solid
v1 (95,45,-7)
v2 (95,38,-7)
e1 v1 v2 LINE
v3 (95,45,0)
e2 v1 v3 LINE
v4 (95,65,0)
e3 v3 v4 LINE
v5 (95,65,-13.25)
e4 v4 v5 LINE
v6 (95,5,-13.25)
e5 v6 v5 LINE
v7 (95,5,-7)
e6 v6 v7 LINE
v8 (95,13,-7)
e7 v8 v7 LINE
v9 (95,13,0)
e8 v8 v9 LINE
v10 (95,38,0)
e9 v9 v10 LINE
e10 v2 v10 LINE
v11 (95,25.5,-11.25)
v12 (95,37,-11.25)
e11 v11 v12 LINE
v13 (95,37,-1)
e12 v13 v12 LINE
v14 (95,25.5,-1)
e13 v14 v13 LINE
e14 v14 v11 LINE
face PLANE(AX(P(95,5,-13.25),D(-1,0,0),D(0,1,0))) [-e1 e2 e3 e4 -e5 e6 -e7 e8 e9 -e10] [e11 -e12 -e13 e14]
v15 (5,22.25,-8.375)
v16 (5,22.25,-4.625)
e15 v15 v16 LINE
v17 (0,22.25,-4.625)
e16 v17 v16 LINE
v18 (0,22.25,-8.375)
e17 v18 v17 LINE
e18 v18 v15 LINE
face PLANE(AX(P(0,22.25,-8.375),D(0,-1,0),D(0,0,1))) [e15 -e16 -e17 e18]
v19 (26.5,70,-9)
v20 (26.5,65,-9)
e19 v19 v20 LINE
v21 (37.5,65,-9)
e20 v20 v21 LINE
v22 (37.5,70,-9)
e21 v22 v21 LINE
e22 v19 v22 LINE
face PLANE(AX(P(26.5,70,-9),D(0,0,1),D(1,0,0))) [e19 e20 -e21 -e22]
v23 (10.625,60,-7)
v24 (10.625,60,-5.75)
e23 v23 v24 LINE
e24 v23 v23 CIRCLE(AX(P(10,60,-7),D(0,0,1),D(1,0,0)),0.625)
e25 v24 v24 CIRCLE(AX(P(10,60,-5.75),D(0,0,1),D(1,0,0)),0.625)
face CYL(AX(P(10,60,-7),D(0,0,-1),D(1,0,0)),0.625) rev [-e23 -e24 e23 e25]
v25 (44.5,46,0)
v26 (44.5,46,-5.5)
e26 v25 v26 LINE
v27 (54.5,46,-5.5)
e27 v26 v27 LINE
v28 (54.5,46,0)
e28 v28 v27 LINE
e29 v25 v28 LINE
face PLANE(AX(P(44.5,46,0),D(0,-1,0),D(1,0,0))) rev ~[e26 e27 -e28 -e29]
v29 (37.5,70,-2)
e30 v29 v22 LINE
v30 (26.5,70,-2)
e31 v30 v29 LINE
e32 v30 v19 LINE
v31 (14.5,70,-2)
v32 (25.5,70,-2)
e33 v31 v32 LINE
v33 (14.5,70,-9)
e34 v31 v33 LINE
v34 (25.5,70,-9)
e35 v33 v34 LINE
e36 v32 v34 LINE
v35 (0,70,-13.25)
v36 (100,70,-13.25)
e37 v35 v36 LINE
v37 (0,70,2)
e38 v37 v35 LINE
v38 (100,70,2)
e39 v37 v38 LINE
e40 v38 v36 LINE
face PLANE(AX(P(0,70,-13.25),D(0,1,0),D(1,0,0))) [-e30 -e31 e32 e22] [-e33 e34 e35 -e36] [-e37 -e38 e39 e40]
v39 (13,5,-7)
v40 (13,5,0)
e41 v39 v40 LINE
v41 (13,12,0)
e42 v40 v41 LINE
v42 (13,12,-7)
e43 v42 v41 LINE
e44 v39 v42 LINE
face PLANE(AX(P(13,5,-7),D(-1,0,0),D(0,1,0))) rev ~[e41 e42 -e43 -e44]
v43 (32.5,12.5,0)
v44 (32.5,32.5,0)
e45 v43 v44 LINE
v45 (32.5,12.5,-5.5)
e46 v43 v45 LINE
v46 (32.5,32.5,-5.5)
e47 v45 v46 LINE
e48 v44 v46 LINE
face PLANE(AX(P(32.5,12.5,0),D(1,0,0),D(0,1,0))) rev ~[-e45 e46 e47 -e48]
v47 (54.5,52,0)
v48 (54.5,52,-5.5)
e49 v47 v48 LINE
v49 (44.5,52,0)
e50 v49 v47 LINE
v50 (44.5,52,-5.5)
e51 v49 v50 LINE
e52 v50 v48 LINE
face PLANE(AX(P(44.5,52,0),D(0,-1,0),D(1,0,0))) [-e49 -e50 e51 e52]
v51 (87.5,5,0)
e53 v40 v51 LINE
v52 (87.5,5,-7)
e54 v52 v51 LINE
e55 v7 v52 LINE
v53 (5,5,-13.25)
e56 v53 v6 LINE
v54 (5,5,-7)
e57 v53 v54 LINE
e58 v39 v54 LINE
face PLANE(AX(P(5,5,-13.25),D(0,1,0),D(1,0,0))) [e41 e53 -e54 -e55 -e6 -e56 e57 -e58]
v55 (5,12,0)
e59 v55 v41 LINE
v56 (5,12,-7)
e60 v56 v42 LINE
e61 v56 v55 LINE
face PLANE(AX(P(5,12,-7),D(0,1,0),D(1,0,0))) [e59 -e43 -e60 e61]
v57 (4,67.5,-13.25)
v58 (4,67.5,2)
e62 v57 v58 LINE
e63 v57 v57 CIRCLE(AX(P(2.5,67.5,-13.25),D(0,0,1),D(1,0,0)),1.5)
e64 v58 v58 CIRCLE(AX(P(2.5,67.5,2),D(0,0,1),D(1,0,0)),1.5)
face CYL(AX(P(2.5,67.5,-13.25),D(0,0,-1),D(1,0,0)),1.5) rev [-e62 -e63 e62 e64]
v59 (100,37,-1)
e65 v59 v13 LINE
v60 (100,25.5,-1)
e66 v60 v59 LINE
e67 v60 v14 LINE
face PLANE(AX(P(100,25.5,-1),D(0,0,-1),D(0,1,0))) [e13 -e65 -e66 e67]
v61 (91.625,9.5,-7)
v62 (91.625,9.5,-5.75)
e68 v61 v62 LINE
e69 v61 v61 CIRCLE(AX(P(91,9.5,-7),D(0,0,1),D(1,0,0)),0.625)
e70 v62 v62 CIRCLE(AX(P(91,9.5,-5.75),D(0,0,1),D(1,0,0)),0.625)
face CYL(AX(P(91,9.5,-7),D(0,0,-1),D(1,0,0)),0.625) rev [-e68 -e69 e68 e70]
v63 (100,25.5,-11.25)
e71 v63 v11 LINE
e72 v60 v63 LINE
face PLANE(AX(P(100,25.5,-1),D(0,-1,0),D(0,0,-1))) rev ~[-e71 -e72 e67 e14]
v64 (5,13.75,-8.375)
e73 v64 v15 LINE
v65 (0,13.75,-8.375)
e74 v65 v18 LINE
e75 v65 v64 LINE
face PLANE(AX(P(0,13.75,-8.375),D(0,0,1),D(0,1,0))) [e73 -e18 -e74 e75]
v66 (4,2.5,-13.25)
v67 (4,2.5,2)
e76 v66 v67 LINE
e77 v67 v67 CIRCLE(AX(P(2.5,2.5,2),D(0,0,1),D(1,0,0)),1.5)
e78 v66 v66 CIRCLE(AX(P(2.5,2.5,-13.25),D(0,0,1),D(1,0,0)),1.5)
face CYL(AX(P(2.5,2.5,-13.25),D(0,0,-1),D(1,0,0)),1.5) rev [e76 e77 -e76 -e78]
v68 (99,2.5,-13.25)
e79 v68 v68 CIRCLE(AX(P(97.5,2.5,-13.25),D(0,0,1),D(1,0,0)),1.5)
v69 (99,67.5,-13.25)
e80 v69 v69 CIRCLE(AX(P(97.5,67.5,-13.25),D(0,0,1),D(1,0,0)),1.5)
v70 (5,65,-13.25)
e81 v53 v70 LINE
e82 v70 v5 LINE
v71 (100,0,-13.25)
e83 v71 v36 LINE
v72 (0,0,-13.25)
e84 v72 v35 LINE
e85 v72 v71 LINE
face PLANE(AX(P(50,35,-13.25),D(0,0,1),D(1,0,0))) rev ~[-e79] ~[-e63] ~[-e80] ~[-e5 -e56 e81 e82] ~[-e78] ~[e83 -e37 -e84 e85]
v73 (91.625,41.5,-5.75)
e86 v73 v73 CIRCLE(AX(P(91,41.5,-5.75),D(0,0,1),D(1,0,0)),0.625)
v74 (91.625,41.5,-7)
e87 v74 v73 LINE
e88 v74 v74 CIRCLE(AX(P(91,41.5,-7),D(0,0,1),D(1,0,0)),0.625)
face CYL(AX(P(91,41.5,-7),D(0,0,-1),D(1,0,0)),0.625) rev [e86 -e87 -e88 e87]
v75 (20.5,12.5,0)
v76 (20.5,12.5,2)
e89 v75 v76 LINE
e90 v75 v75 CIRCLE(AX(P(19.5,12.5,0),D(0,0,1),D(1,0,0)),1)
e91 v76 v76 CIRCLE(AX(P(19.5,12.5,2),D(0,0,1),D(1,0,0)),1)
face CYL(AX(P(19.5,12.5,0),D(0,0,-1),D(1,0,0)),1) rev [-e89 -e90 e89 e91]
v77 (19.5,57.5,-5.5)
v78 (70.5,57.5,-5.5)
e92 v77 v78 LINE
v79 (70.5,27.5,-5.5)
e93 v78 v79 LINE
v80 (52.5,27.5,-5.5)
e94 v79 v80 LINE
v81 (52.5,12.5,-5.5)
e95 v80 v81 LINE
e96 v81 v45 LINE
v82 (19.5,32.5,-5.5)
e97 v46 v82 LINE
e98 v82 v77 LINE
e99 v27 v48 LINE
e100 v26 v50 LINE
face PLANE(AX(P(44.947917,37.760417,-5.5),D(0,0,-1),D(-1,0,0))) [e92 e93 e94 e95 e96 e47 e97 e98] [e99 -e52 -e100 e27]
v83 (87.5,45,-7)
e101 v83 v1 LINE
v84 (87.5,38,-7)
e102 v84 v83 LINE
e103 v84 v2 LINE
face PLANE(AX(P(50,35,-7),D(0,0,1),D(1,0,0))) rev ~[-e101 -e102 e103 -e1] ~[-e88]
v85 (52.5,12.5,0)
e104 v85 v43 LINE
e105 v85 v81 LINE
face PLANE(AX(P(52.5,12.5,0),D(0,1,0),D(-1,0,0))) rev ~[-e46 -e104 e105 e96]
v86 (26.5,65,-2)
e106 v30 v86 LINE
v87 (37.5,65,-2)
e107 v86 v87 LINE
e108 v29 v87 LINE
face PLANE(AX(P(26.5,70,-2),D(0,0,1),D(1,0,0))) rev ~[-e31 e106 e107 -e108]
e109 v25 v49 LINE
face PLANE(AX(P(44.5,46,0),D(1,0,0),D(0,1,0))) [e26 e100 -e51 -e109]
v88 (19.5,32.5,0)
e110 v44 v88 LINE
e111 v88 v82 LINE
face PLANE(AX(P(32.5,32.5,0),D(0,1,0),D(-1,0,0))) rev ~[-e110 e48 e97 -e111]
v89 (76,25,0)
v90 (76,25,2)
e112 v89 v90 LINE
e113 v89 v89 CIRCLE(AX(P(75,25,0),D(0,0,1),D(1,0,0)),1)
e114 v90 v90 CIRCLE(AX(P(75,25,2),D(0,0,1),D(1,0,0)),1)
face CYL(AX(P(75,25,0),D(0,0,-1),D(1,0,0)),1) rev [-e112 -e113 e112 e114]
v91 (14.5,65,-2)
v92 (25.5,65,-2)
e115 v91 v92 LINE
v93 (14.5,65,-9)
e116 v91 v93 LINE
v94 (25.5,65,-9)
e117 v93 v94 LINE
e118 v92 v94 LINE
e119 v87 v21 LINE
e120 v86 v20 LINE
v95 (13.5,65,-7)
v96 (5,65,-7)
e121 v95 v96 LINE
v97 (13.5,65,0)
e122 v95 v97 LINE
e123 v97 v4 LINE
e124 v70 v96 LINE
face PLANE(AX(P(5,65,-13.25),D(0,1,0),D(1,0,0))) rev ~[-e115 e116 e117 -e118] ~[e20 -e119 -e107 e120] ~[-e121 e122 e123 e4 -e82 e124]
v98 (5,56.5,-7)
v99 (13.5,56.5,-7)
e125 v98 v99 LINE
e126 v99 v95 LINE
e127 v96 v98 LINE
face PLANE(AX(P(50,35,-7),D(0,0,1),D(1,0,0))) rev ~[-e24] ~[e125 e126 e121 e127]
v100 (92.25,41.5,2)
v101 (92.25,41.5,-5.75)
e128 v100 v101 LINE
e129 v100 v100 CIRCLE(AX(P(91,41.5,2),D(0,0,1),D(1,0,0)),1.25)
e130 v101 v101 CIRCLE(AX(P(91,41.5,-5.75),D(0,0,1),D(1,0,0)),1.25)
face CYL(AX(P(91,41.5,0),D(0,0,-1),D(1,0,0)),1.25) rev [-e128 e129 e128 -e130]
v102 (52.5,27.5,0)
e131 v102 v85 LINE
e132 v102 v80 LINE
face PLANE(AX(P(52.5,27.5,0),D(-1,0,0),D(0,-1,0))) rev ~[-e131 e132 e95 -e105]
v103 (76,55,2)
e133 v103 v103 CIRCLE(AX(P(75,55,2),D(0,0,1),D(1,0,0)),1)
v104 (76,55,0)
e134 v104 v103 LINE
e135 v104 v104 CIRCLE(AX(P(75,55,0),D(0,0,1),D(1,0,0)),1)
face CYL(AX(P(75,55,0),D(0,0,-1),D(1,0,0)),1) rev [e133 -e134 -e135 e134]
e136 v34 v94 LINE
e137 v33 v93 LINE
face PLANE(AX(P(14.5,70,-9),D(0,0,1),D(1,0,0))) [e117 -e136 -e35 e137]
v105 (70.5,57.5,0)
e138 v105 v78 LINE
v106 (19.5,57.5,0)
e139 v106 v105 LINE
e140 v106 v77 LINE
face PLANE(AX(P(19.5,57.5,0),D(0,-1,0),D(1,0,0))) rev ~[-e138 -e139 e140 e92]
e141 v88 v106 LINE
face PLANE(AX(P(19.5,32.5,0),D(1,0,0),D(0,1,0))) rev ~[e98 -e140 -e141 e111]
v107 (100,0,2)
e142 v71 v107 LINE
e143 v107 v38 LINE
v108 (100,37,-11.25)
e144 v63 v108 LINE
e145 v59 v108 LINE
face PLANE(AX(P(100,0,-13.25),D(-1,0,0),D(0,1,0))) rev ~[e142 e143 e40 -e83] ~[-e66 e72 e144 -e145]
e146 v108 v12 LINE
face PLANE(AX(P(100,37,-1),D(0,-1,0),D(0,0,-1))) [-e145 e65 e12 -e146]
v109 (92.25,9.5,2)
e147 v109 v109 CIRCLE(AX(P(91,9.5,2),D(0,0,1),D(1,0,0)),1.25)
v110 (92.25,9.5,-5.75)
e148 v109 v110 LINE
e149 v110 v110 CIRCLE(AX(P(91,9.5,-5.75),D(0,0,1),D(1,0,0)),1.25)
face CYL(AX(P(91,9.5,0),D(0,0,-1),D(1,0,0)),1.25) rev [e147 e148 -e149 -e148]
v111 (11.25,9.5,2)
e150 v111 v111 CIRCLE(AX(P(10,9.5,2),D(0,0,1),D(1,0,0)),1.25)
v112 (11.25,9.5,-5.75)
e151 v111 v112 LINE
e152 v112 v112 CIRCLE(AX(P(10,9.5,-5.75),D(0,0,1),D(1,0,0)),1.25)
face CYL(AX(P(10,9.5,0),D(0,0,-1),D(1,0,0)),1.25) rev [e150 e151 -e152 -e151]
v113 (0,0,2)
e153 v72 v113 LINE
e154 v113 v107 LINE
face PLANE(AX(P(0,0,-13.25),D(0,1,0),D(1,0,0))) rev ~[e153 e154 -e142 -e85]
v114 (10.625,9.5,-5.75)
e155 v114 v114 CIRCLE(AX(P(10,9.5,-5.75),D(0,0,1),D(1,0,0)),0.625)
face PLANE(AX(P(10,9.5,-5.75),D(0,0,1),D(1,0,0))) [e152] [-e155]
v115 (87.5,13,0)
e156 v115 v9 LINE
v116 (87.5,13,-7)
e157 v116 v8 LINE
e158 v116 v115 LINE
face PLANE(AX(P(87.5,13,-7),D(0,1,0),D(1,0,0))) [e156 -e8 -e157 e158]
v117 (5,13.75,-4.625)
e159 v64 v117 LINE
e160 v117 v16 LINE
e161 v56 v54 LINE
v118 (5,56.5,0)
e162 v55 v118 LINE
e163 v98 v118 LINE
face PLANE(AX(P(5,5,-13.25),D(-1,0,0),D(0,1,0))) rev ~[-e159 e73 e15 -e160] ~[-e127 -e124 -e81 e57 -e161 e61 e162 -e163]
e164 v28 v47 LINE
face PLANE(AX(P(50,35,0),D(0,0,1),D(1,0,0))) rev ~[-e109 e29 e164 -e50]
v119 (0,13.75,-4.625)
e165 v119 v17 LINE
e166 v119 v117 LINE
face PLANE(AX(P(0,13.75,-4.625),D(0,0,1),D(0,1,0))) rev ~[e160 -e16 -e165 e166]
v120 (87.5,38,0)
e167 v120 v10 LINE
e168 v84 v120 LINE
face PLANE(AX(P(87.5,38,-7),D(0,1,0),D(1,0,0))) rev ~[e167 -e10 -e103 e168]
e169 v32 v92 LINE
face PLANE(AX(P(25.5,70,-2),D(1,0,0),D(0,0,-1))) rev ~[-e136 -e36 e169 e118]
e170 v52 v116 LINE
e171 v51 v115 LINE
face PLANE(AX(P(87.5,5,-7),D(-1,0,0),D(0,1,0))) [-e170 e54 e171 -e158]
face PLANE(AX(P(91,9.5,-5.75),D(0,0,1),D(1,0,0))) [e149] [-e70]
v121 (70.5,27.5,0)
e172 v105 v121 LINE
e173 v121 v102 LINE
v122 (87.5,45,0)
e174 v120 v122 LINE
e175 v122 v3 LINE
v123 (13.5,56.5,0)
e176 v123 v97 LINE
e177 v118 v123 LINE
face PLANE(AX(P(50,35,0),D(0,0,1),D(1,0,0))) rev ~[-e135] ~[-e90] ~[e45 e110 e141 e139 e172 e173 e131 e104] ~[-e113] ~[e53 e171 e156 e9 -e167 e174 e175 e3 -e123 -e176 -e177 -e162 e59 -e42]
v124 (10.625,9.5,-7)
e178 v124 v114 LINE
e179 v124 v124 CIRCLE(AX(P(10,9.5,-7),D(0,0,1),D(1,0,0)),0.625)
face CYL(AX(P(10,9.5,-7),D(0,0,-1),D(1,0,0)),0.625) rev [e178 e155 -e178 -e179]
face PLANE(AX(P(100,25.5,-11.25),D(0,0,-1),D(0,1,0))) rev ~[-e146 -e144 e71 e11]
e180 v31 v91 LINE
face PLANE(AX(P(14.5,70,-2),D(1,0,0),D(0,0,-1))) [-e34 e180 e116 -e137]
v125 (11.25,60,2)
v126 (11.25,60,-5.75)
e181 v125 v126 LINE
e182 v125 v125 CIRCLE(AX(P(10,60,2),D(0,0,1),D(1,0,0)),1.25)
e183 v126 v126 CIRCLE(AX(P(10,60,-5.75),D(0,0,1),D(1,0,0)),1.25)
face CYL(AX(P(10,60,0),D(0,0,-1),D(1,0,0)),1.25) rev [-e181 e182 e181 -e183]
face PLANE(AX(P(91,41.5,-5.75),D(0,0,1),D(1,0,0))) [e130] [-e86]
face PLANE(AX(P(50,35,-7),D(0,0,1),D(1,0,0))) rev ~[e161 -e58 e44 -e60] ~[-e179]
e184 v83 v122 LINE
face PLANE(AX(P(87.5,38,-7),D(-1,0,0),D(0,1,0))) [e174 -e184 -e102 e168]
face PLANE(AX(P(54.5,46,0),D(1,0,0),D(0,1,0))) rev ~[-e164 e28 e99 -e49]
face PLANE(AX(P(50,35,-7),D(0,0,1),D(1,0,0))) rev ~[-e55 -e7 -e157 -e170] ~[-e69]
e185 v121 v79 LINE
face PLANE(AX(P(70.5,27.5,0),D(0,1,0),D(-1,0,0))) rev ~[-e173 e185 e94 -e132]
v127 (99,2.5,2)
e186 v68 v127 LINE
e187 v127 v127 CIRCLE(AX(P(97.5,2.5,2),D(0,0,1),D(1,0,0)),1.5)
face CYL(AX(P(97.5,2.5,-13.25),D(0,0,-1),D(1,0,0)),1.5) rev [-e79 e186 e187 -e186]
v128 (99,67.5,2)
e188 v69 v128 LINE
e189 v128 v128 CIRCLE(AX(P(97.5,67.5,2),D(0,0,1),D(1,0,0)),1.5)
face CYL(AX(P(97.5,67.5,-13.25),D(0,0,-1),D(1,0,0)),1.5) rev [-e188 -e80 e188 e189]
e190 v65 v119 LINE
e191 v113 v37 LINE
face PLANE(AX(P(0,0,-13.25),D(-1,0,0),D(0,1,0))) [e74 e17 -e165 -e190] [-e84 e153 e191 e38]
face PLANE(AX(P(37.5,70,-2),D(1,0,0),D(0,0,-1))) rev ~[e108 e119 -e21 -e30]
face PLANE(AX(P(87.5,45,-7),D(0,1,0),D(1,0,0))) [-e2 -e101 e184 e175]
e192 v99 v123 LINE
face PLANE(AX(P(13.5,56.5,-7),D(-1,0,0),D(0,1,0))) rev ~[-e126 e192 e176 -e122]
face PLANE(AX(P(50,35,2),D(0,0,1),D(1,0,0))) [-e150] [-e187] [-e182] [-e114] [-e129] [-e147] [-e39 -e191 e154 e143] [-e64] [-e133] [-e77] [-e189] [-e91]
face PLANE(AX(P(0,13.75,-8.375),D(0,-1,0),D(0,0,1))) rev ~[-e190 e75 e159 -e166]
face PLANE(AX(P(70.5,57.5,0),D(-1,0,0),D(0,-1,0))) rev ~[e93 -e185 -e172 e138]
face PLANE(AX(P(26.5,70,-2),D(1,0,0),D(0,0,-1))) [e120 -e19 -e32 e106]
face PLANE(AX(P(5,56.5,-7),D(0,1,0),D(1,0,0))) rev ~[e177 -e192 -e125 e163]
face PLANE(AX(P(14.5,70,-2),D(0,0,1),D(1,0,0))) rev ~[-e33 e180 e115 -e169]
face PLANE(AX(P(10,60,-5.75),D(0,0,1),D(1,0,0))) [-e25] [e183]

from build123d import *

# Parameters (mm, degrees)
SKETCH1_W           = 100
SKETCH1_H           = 70
SKETCH1_R           = 1.5
SKETCH1_R_2         = 1.25
SKETCH1_R_3         = 1
BOSS_EXTRUDE6_DEPTH = 2
BOSS_EXTRUDE7_START = -7
SKETCH1_16_W        = 100
SKETCH1_16_H        = 70
SKETCH1_16_R        = 1.5
SKETCH1_16_W_2      = 90
SKETCH1_16_H_2      = 60
SKETCH1_16_W_3      = 8
SKETCH1_16_H_3      = 7
SKETCH1_16_R_2      = 1.75
SKETCH1_16_W_4      = 7.5
SKETCH1_16_H_4      = 8
SKETCH1_16_W_5      = 8.5
SKETCH1_16_H_5      = 8.5
SKETCH1_16_R_3      = 1.25
SKETCH1_16_R_4      = 0.625
BOSS_EXTRUDE7_DEPTH = 7
SKETCH1_18_W        = 10
SKETCH1_18_H        = 6
BOSS_EXTRUDE8_DEPTH = 5.5
CUT_EXTRUDE2_START  = -5.75
SKETCH1_19_R        = 1.25
SKETCH1_19_R_2      = 0.625
CUT_EXTRUDE2_DEPTH  = 5.75
BOSS_EXTRUDE9_START = -13.25
SKETCH1_20_W        = 100
SKETCH1_20_H        = 70
SKETCH1_20_R        = 1.5
SKETCH1_20_W_2      = 90
SKETCH1_20_H_2      = 60
BOSS_EXTRUDE9_DEPTH = 13.25
SKETCH4_W           = 10.25
SKETCH4_H           = 11.5
CUT_EXTRUDE3_DEPTH  = 5
SKETCH5_W           = 3.75
SKETCH5_H           = 8.5
CUT_EXTRUDE4_DEPTH  = 5
SKETCH6_W           = 11
SKETCH6_H           = 7
CUT_EXTRUDE5_DEPTH  = 5


with BuildPart() as part:
    # Sketch1 → Boss-Extrude6 (new body)
    with BuildSketch(Plane.XY):
        with Locations((50, 35)):
            Rectangle(SKETCH1_W, SKETCH1_H)
        with Locations((2.5, 2.5)):
            Circle(SKETCH1_R, mode=Mode.SUBTRACT)
        with Locations((2.5, 67.5)):
            Circle(SKETCH1_R, mode=Mode.SUBTRACT)
        with Locations((97.5, 67.5)):
            Circle(SKETCH1_R, mode=Mode.SUBTRACT)
        with Locations((97.5, 2.5)):
            Circle(SKETCH1_R, mode=Mode.SUBTRACT)
        with Locations((10, 9.5)):
            Circle(SKETCH1_R_2, mode=Mode.SUBTRACT)
        with Locations((10, 60)):
            Circle(SKETCH1_R_2, mode=Mode.SUBTRACT)
        with Locations((91, 41.5)):
            Circle(SKETCH1_R_2, mode=Mode.SUBTRACT)
        with Locations((91, 9.5)):
            Circle(SKETCH1_R_2, mode=Mode.SUBTRACT)
        with Locations((19.5, 12.5)):
            Circle(SKETCH1_R_3, mode=Mode.SUBTRACT)
        with Locations((75, 55)):
            Circle(SKETCH1_R_3, mode=Mode.SUBTRACT)
        with Locations((75, 25)):
            Circle(SKETCH1_R_3, mode=Mode.SUBTRACT)
    extrude(amount=BOSS_EXTRUDE6_DEPTH)

    # Sketch1<16> → Boss-Extrude7 (add)
    # profile 1 of 13: a face of its own
    with BuildSketch(Plane.XY.offset(BOSS_EXTRUDE7_START)):
        with Locations((50, 35)):
            Rectangle(SKETCH1_16_W, SKETCH1_16_H)
        with Locations((97.5, 2.5)):
            Circle(SKETCH1_16_R, mode=Mode.SUBTRACT)
        with Locations((97.5, 67.5)):
            Circle(SKETCH1_16_R, mode=Mode.SUBTRACT)
        with Locations((2.5, 67.5)):
            Circle(SKETCH1_16_R, mode=Mode.SUBTRACT)
        with Locations((2.5, 2.5)):
            Circle(SKETCH1_16_R, mode=Mode.SUBTRACT)
        with Locations((50, 35)):
            Rectangle(SKETCH1_16_W_2, SKETCH1_16_H_2, mode=Mode.SUBTRACT)
    # profile 2 of 13: a face of its own
    with BuildSketch(Plane.XY.offset(BOSS_EXTRUDE7_START)):
        with Locations((9, 8.5)):
            Rectangle(SKETCH1_16_W_3, SKETCH1_16_H_3)
        with Locations((10, 9.5)):
            Circle(SKETCH1_16_R_2, mode=Mode.SUBTRACT)
    # profile 3 of 13: a face of its own
    with BuildSketch(Plane.XY.offset(BOSS_EXTRUDE7_START)):
        with Locations((91.25, 9)):
            Rectangle(SKETCH1_16_W_4, SKETCH1_16_H_4)
        with Locations((91, 9.5)):
            Circle(SKETCH1_16_R_2, mode=Mode.SUBTRACT)
    # profile 4 of 13: a face of its own
    with BuildSketch(Plane.XY.offset(BOSS_EXTRUDE7_START)):
        with Locations((91.25, 41.5)):
            Rectangle(SKETCH1_16_W_4, SKETCH1_16_H_3)
        with Locations((91, 41.5)):
            Circle(SKETCH1_16_R_2, mode=Mode.SUBTRACT)
    # profile 5 of 13: a face of its own
    with BuildSketch(Plane.XY.offset(BOSS_EXTRUDE7_START)):
        with Locations((9.25, 60.75)):
            Rectangle(SKETCH1_16_W_5, SKETCH1_16_H_5)
        with Locations((10, 60)):
            Circle(SKETCH1_16_R_2, mode=Mode.SUBTRACT)
    # profile 6 of 13: a face of its own
    with BuildSketch(Plane.XY.offset(BOSS_EXTRUDE7_START)):
        with Locations((10, 60)):
            Circle(SKETCH1_16_R_2)
        with Locations((10, 60)):
            Circle(SKETCH1_16_R_3, mode=Mode.SUBTRACT)
    # profile 7 of 13: a face of its own
    with BuildSketch(Plane.XY.offset(BOSS_EXTRUDE7_START)):
        with Locations((10, 60)):
            Circle(SKETCH1_16_R_3)
        with Locations((10, 60)):
            Circle(SKETCH1_16_R_4, mode=Mode.SUBTRACT)
    # profile 8 of 13: a face of its own
    with BuildSketch(Plane.XY.offset(BOSS_EXTRUDE7_START)):
        with Locations((10, 9.5)):
            Circle(SKETCH1_16_R_2)
        with Locations((10, 9.5)):
            Circle(SKETCH1_16_R_3, mode=Mode.SUBTRACT)
    # profile 9 of 13: a face of its own
    with BuildSketch(Plane.XY.offset(BOSS_EXTRUDE7_START)):
        with Locations((10, 9.5)):
            Circle(SKETCH1_16_R_3)
        with Locations((10, 9.5)):
            Circle(SKETCH1_16_R_4, mode=Mode.SUBTRACT)
    # profile 10 of 13: a face of its own
    with BuildSketch(Plane.XY.offset(BOSS_EXTRUDE7_START)):
        with Locations((91, 9.5)):
            Circle(SKETCH1_16_R_2)
        with Locations((91, 9.5)):
            Circle(SKETCH1_16_R_3, mode=Mode.SUBTRACT)
    # profile 11 of 13: a face of its own
    with BuildSketch(Plane.XY.offset(BOSS_EXTRUDE7_START)):
        with Locations((91, 9.5)):
            Circle(SKETCH1_16_R_3)
        with Locations((91, 9.5)):
            Circle(SKETCH1_16_R_4, mode=Mode.SUBTRACT)
    # profile 12 of 13: a face of its own
    with BuildSketch(Plane.XY.offset(BOSS_EXTRUDE7_START)):
        with Locations((91, 41.5)):
            Circle(SKETCH1_16_R_2)
        with Locations((91, 41.5)):
            Circle(SKETCH1_16_R_3, mode=Mode.SUBTRACT)
    # profile 13 of 13: a face of its own
    with BuildSketch(Plane.XY.offset(BOSS_EXTRUDE7_START)):
        with Locations((91, 41.5)):
            Circle(SKETCH1_16_R_3)
        with Locations((91, 41.5)):
            Circle(SKETCH1_16_R_4, mode=Mode.SUBTRACT)
    extrude(amount=BOSS_EXTRUDE7_DEPTH)

    # Sketch1<18> → Boss-Extrude8 (add)
    with BuildSketch(Plane.XY):
        Polygon((19.5, 32.5), (19.5, 57.5), (70.5, 57.5), (70.5, 27.5), (52.5, 27.5), (52.5, 12.5), (32.5, 12.5), (32.5, 32.5), align=None)
        with Locations((49.5, 49)):
            Rectangle(SKETCH1_18_W, SKETCH1_18_H, mode=Mode.SUBTRACT)
    extrude(amount=-BOSS_EXTRUDE8_DEPTH)

    # Sketch1<19> → Cut-Extrude2 (cut)
    # profile 1 of 4: a face of its own
    with BuildSketch(Plane.XY.offset(CUT_EXTRUDE2_START)):
        with Locations((10, 60)):
            Circle(SKETCH1_19_R)
        with Locations((10, 60)):
            Circle(SKETCH1_19_R_2, mode=Mode.SUBTRACT)
    # profile 2 of 4: a face of its own
    with BuildSketch(Plane.XY.offset(CUT_EXTRUDE2_START)):
        with Locations((10, 9.5)):
            Circle(SKETCH1_19_R)
        with Locations((10, 9.5)):
            Circle(SKETCH1_19_R_2, mode=Mode.SUBTRACT)
    # profile 3 of 4: a face of its own
    with BuildSketch(Plane.XY.offset(CUT_EXTRUDE2_START)):
        with Locations((91, 9.5)):
            Circle(SKETCH1_19_R)
        with Locations((91, 9.5)):
            Circle(SKETCH1_19_R_2, mode=Mode.SUBTRACT)
    # profile 4 of 4: a face of its own
    with BuildSketch(Plane.XY.offset(CUT_EXTRUDE2_START)):
        with Locations((91, 41.5)):
            Circle(SKETCH1_19_R)
        with Locations((91, 41.5)):
            Circle(SKETCH1_19_R_2, mode=Mode.SUBTRACT)
    extrude(amount=CUT_EXTRUDE2_DEPTH, mode=Mode.SUBTRACT)

    # Sketch1<20> → Boss-Extrude9 (add)
    with BuildSketch(Plane.XY.offset(BOSS_EXTRUDE9_START)):
        with Locations((50, 35)):
            Rectangle(SKETCH1_20_W, SKETCH1_20_H)
        with Locations((97.5, 2.5)):
            Circle(SKETCH1_20_R, mode=Mode.SUBTRACT)
        with Locations((97.5, 67.5)):
            Circle(SKETCH1_20_R, mode=Mode.SUBTRACT)
        with Locations((2.5, 67.5)):
            Circle(SKETCH1_20_R, mode=Mode.SUBTRACT)
        with Locations((2.5, 2.5)):
            Circle(SKETCH1_20_R, mode=Mode.SUBTRACT)
        with Locations((50, 35)):
            Rectangle(SKETCH1_20_W_2, SKETCH1_20_H_2, mode=Mode.SUBTRACT)
    extrude(amount=BOSS_EXTRUDE9_DEPTH)

    # Sketch4 → Cut-Extrude3 (cut)
    with BuildSketch(Plane(origin=(100, 0, 0), x_dir=(0, 0, -1), z_dir=(1, 0, 0))):
        with Locations((6.125, 31.25)):
            Rectangle(SKETCH4_W, SKETCH4_H)
    extrude(amount=-CUT_EXTRUDE3_DEPTH, mode=Mode.SUBTRACT)

    # Sketch5 → Cut-Extrude4 (cut)
    with BuildSketch(Plane.ZY):
        with Locations((-6.5, 18)):
            Rectangle(SKETCH5_W, SKETCH5_H)
    extrude(amount=-CUT_EXTRUDE4_DEPTH, mode=Mode.SUBTRACT)

    # Sketch6 → Cut-Extrude5 (cut)
    with BuildSketch(Plane(origin=(0, 70, 0), x_dir=(1, 0, 0), z_dir=(0, 1, 0))):
        with Locations((20, 5.5)):
            Rectangle(SKETCH6_W, SKETCH6_H)
        with Locations((32, 5.5)):
            Rectangle(SKETCH6_W, SKETCH6_H)
    extrude(amount=-CUT_EXTRUDE5_DEPTH, mode=Mode.SUBTRACT)


solid = part.part
